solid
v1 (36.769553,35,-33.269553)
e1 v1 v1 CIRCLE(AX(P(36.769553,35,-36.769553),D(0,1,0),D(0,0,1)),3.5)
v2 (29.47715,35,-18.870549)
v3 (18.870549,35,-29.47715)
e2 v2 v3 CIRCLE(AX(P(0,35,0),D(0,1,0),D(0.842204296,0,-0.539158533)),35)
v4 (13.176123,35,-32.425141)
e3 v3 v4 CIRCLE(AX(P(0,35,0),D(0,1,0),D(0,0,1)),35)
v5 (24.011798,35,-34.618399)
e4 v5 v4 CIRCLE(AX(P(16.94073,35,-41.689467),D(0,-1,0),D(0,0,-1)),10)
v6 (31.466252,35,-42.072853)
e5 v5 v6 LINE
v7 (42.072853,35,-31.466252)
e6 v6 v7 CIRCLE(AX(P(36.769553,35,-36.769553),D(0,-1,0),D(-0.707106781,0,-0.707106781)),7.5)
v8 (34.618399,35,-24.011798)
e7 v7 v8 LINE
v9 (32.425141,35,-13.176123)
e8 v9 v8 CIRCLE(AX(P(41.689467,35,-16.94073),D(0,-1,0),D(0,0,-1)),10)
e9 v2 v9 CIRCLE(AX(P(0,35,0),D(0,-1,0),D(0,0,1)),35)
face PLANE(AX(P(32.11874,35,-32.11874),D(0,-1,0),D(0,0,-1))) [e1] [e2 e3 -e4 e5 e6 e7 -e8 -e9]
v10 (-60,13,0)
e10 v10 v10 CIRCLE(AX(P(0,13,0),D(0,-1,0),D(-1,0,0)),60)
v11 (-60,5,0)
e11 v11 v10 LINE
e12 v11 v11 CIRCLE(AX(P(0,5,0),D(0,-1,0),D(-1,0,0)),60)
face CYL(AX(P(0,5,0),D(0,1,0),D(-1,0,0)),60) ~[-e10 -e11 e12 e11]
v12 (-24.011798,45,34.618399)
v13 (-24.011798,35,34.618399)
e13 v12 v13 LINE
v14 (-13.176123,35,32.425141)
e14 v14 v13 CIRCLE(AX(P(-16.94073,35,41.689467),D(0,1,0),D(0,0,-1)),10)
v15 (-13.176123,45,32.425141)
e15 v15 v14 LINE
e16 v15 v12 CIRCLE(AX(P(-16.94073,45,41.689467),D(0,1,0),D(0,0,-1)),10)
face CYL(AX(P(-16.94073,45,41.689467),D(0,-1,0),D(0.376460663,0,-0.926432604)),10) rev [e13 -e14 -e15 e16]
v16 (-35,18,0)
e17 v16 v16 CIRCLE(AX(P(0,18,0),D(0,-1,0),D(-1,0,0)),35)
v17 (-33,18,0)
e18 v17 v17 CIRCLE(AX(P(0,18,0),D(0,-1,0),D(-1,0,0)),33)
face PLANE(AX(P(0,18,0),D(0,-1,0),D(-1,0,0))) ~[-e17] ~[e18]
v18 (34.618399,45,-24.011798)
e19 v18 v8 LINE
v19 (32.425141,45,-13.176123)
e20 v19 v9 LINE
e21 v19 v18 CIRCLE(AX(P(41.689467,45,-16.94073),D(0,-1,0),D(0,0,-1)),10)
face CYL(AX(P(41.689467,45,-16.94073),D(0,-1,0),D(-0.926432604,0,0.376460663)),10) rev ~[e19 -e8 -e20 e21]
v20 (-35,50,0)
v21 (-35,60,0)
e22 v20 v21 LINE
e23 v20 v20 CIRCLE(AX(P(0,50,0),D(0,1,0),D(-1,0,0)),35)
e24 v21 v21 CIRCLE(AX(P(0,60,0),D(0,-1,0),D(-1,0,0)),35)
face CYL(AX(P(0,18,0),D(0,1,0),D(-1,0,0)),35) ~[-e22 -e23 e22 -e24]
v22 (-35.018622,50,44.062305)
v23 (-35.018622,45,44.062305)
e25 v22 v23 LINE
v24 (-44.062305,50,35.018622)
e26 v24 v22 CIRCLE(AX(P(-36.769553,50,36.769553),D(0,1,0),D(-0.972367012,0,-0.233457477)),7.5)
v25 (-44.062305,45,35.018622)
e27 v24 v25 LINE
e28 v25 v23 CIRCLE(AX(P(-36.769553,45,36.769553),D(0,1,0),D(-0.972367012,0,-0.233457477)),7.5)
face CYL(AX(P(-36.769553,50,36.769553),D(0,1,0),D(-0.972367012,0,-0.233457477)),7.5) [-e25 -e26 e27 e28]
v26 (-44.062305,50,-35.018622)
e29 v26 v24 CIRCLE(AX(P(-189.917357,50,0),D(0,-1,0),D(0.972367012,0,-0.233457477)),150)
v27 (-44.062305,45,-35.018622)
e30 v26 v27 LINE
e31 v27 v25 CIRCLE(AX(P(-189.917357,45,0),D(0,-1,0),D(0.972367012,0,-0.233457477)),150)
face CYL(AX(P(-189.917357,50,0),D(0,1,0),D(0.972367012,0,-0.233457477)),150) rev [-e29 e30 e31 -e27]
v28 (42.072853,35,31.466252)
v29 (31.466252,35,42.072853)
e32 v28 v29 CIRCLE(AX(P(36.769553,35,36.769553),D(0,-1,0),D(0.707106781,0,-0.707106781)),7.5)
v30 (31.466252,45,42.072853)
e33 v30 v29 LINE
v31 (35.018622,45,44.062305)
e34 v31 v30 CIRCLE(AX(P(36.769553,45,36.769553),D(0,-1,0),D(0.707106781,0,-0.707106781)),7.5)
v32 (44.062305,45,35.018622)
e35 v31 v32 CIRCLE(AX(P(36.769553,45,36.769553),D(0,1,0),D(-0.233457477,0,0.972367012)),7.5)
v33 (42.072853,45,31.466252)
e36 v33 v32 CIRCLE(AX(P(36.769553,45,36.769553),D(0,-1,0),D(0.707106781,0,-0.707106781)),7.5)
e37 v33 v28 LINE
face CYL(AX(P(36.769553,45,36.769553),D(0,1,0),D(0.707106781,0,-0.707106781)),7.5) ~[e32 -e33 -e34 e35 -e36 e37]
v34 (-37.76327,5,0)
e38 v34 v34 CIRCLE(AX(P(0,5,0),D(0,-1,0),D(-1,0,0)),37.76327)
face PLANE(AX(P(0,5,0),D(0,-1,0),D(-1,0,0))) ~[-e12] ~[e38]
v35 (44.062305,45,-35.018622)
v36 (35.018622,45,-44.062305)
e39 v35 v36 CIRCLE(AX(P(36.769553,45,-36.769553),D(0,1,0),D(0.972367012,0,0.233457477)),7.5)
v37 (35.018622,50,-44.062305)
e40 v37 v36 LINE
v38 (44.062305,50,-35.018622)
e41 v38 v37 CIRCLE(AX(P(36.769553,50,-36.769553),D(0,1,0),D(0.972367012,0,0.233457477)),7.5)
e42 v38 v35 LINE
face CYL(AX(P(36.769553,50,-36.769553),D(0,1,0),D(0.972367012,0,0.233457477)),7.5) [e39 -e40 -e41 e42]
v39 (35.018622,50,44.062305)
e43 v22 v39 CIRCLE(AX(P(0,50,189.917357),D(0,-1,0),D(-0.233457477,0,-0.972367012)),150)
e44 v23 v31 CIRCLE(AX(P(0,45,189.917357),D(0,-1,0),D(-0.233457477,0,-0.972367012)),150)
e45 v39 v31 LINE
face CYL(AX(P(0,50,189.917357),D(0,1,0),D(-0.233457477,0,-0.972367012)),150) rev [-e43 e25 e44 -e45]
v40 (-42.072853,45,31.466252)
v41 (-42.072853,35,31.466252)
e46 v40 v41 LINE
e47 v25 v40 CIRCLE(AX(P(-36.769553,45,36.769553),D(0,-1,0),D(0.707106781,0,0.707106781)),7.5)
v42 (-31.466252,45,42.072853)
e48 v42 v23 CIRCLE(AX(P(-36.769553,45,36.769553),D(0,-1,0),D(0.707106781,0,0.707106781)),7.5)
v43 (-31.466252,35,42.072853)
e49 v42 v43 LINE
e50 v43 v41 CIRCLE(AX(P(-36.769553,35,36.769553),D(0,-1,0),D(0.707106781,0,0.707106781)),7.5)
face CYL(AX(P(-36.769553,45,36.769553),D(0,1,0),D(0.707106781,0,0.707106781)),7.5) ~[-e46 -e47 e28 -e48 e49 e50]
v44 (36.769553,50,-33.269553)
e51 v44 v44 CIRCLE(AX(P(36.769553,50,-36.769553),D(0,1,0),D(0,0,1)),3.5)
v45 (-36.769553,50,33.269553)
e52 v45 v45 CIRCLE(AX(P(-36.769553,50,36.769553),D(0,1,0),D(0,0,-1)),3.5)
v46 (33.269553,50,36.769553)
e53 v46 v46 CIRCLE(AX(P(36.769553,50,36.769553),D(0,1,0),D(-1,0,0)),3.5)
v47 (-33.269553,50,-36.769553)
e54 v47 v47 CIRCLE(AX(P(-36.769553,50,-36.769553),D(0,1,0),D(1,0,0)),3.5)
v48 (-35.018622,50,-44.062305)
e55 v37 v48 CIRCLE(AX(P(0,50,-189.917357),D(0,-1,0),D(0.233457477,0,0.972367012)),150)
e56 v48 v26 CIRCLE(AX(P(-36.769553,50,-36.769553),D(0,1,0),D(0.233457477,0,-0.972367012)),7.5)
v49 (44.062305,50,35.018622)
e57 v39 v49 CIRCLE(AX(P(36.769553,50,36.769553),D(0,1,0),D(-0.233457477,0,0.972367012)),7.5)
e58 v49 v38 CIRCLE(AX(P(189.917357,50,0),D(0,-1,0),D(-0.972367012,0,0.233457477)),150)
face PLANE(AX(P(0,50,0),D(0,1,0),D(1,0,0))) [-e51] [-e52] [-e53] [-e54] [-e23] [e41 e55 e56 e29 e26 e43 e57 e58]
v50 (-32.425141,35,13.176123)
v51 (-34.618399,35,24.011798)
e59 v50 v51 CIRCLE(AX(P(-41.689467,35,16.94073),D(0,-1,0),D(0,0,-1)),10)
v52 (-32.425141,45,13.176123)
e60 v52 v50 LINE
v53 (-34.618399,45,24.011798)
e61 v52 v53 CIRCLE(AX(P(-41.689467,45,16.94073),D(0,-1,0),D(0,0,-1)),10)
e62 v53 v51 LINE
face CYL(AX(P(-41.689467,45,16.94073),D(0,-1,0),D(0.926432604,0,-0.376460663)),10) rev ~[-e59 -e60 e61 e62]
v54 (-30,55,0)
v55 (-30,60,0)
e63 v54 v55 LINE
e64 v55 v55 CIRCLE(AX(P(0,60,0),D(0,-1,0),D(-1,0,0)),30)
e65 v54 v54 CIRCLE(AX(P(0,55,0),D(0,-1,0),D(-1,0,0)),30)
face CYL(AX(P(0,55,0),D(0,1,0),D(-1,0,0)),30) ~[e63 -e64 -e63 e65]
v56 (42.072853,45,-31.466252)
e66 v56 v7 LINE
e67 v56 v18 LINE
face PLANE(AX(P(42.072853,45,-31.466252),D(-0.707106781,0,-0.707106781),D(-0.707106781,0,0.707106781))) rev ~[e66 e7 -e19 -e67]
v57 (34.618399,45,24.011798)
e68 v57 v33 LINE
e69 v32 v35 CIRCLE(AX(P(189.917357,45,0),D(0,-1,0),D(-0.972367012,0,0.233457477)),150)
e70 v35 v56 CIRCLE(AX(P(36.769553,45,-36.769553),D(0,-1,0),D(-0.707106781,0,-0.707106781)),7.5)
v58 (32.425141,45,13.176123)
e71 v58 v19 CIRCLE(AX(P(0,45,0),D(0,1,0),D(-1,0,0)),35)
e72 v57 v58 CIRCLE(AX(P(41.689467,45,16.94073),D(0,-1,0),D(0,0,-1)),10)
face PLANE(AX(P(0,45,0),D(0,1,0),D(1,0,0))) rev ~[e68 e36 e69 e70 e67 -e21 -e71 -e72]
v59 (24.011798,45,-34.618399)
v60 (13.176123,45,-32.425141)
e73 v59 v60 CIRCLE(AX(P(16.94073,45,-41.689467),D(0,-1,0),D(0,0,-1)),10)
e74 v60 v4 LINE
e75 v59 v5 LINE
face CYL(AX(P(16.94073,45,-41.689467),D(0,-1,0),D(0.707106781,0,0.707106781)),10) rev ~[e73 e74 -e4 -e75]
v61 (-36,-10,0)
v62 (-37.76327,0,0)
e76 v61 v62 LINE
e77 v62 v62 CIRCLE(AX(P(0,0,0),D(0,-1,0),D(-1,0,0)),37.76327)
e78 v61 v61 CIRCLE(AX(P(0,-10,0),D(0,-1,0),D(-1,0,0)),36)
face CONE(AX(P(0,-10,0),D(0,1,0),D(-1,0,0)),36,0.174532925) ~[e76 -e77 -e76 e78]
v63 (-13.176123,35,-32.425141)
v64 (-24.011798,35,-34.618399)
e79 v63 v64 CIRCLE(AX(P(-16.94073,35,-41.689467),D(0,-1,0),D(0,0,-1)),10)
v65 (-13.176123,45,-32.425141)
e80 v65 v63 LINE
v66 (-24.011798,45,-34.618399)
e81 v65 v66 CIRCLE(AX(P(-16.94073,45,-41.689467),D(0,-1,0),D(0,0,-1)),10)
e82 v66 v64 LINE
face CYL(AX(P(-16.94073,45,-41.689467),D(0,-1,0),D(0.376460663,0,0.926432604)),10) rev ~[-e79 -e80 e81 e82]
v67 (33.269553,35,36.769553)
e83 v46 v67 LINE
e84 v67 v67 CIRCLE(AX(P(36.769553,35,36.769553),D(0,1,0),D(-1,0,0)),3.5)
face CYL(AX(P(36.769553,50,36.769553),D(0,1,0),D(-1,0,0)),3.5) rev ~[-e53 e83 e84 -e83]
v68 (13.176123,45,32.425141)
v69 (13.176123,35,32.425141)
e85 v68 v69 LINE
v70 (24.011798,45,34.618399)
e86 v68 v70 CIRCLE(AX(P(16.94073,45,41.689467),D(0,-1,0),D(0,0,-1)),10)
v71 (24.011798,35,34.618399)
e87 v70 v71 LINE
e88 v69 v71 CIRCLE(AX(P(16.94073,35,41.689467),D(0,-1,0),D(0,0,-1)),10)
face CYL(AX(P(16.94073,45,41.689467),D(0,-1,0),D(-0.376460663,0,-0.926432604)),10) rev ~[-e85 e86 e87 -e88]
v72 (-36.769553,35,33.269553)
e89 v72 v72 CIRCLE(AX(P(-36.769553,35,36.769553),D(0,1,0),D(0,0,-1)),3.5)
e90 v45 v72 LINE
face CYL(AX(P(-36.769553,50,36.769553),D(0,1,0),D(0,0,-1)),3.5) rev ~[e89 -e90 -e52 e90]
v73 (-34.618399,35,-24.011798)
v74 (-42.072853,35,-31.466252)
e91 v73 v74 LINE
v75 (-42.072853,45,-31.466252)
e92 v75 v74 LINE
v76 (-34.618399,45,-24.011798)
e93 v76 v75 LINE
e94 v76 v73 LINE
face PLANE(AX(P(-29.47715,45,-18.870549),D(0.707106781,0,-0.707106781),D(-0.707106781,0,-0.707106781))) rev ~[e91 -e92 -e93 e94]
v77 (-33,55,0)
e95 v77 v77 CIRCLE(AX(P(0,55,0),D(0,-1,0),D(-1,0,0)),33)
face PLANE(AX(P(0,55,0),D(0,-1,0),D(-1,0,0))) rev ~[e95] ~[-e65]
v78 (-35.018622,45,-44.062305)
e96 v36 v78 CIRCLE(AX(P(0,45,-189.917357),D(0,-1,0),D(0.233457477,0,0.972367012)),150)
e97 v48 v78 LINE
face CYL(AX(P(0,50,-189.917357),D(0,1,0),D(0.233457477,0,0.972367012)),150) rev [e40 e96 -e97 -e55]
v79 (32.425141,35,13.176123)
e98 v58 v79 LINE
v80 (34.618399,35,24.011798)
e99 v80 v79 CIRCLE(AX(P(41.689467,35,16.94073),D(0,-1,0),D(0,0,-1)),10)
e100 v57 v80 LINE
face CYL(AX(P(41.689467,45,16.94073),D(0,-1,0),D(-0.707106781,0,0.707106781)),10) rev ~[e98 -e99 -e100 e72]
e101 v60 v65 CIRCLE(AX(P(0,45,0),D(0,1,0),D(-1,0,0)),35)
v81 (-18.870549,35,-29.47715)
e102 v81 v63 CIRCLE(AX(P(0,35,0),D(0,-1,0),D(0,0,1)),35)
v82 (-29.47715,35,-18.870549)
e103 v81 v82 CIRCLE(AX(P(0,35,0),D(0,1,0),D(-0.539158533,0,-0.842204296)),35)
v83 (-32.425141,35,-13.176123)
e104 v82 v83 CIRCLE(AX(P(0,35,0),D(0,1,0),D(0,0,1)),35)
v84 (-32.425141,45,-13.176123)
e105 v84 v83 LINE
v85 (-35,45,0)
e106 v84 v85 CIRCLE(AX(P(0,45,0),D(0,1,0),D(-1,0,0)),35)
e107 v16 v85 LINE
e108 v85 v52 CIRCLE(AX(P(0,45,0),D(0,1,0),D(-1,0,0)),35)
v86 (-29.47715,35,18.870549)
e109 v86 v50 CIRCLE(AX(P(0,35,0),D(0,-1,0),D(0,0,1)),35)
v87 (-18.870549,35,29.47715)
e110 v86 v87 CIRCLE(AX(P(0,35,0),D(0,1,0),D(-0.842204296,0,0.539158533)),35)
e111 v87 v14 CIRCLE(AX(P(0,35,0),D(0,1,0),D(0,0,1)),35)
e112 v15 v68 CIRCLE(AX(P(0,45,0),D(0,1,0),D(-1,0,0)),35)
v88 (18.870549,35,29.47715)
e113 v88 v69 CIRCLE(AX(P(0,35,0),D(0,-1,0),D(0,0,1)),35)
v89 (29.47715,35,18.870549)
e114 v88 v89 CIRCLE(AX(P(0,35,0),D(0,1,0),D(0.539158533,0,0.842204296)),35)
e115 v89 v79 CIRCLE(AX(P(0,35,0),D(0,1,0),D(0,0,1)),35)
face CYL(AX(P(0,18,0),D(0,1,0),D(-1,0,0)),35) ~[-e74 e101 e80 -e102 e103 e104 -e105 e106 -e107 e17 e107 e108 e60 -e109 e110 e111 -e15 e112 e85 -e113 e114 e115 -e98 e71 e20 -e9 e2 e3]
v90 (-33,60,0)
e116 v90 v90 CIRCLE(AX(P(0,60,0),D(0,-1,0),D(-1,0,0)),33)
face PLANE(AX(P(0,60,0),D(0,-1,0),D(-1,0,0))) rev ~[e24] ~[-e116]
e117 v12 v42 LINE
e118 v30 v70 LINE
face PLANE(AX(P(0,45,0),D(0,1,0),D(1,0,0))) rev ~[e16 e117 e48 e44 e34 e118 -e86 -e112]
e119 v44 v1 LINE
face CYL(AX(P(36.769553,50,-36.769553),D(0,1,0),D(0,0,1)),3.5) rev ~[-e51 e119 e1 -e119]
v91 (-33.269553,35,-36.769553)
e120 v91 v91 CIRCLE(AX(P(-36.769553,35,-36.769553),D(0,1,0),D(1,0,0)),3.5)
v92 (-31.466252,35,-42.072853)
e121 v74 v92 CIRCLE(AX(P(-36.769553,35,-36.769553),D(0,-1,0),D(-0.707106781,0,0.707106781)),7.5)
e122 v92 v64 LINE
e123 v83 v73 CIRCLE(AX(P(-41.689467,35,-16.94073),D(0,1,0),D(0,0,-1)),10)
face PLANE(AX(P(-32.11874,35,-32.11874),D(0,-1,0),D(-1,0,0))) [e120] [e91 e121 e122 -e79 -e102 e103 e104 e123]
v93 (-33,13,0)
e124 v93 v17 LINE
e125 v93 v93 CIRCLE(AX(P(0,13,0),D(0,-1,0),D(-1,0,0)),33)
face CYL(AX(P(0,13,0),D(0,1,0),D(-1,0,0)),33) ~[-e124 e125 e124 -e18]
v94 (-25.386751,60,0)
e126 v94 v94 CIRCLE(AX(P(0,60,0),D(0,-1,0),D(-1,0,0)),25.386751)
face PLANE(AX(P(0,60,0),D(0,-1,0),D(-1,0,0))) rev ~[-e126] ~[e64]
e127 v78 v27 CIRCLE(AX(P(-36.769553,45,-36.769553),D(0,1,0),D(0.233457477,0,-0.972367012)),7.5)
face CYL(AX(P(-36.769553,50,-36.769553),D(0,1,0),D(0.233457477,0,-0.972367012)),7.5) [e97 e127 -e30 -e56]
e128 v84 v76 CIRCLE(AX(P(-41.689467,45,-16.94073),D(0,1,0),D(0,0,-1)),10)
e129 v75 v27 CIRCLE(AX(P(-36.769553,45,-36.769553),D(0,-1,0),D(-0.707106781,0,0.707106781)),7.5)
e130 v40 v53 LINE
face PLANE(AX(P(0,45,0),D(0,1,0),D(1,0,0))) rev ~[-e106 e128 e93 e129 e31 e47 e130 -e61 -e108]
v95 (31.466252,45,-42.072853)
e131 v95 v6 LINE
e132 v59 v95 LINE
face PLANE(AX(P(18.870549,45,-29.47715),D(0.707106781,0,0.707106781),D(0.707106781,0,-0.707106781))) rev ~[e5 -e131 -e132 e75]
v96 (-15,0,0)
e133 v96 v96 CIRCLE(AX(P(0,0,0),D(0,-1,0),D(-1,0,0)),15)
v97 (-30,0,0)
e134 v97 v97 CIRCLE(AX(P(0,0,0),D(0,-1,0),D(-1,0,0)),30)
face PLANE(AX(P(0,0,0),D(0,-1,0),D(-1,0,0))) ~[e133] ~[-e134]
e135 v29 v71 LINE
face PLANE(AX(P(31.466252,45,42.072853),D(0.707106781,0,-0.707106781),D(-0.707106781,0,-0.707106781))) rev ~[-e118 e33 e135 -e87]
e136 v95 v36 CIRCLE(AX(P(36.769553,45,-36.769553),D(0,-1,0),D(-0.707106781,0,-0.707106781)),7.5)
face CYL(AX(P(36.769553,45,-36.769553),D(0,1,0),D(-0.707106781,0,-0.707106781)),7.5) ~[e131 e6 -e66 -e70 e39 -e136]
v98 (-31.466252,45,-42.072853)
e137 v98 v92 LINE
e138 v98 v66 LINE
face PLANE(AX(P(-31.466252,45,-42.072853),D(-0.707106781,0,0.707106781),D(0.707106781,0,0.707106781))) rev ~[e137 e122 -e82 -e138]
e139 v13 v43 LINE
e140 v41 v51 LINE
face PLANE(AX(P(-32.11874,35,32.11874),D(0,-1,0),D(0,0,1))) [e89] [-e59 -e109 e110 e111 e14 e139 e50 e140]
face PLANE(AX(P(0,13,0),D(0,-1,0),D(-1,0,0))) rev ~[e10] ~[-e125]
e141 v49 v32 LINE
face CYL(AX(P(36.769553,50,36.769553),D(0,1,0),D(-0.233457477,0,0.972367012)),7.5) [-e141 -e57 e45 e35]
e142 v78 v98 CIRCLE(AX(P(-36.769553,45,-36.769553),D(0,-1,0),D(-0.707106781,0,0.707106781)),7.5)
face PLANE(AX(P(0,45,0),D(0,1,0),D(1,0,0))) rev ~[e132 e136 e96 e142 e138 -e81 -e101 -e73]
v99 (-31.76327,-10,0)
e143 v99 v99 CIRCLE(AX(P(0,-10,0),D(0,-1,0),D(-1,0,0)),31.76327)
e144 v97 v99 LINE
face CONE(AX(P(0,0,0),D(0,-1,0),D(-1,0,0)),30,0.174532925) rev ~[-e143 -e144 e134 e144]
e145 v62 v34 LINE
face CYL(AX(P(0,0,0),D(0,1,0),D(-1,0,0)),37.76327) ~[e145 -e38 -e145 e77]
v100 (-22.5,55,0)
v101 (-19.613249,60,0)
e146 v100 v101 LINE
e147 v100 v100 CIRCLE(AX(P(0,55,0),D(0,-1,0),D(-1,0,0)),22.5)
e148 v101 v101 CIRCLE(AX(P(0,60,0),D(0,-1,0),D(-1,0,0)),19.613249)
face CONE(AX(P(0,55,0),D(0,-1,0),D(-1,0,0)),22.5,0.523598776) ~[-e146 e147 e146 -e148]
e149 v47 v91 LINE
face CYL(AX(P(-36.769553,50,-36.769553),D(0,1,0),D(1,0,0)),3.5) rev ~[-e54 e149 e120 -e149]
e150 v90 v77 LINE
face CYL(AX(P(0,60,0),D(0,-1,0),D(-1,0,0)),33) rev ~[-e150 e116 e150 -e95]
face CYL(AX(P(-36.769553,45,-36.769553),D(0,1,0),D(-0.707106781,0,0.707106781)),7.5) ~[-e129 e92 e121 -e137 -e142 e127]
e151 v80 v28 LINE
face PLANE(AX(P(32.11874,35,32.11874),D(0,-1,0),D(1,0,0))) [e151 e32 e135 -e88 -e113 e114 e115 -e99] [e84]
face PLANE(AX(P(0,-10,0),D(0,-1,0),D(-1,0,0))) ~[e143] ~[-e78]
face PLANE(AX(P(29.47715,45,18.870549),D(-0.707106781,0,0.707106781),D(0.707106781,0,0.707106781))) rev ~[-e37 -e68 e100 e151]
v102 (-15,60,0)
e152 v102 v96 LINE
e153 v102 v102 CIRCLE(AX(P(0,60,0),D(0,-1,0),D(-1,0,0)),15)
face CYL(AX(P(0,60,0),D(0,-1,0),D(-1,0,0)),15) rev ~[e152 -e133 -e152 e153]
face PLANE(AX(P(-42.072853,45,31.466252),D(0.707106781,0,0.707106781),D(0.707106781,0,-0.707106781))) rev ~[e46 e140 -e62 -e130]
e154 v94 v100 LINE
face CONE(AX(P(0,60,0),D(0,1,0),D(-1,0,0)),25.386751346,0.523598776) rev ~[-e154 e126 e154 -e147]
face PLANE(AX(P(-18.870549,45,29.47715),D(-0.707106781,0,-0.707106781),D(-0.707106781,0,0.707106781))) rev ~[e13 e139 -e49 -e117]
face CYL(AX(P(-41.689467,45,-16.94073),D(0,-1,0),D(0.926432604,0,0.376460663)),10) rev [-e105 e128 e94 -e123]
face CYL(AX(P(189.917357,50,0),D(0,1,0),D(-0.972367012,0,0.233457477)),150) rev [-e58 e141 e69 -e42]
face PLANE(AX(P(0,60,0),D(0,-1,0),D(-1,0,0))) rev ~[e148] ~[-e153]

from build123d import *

# Parameters (mm, degrees)
SKETCH3_R                = 35
BOSS_EXTRUDE1_DEPTH      = 5
BOSS_EXTRUDE3_DEPTH      = 10
FILLET1_R                = 10
SKETCH5_R                = 3.5
CUT_EXTRUDE1_DEPTH       = 15
CIRPATTERN1_COUNT        = 4
FILLET1_OF_CIRPATTERN1_R = 10


with BuildPart() as part:
    # Sketch1 → Revolve1 (revolve)
    with BuildSketch(Plane.XY, mode=Mode.PRIVATE) as revolve1_sk:
        Polygon((15, 60), (15, 0), (30, 0), (31.763269807, -10), (36, -10), (37.763269807, 0), (37.763269807, 5), (60, 5), (60, 13), (33, 13), (33, 18), (35, 18), (35, 60), (33, 60), (33, 55), (30, 55), (30, 60), (25.386751346, 60), (22.5, 55), (19.613248654, 60), align=None)
    revolve(revolve1_sk.sketch.rotate(Axis((0, 25.612491422, 0), (0, -1, 0)), 180), axis=Axis((0, 25.612491422, 0), (0, -1, 0)))  # turned: the seam where the file's is

    # Sketch3 → Boss-Extrude1 (add)
    with BuildSketch(Plane(origin=(0, 50, 0), x_dir=(1, 0, 0), z_dir=(0, 1, 0))):
        with BuildLine():
            ThreePointArc((44.062305213, 35.018621544), (42.072853481, 42.072853481), (35.018621544, 44.062305213))
            ThreePointArc((35.018621544, 44.062305213), (0, 39.917357046), (-35.018621544, 44.062305213))
            ThreePointArc((-35.018621544, 44.062305213), (-42.072853481, 42.072853481), (-44.062305213, 35.018621544))
            ThreePointArc((-44.062305213, 35.018621544), (-39.917357046, 0), (-44.062305213, -35.018621544))
            ThreePointArc((-44.062305213, -35.018621544), (-42.072853481, -42.072853481), (-35.018621544, -44.062305213))
            ThreePointArc((-35.018621544, -44.062305213), (0, -39.917357046), (35.018621544, -44.062305213))
            ThreePointArc((35.018621544, -44.062305213), (42.072853481, -42.072853481), (44.062305213, -35.018621544))
            ThreePointArc((44.062305213, -35.018621544), (39.917357046, 0), (44.062305213, 35.018621544))
        make_face()
        with Locations(Location((0, 0, 0), (0, 0, 180))):  # turned: the seam where the file's is
            Circle(SKETCH3_R, mode=Mode.SUBTRACT)
    extrude(amount=-BOSS_EXTRUDE1_DEPTH)

    # Sketch4 → Boss-Extrude3 (add)
    with BuildSketch(Plane.XZ.offset(-45)):
        with BuildLine():
            Line((29.477150366, 18.870548648), (42.072853481, 31.466251763))
            ThreePointArc((42.072853481, 31.466251763), (42.072853481, 42.072853481), (31.466251763, 42.072853481))
            Line((31.466251763, 42.072853481), (18.870548648, 29.477150366))
            ThreePointArc((18.870548648, 29.477150366), (24.748737342, 24.748737342), (29.477150366, 18.870548648))
        make_face()
    boss_extrude3 = extrude(amount=BOSS_EXTRUDE3_DEPTH)

    # Fillet1
    fillet1_edges = [part.edges().sort_by_distance(p)[0] for p in [
        (18.870548648, 40, 29.477150366),
        (29.477150366, 40, 18.870548648),
    ]]
    fillet(fillet1_edges, radius=FILLET1_R)

    # Sketch5 → Cut-Extrude1 (cut)
    with BuildSketch(Plane(origin=(0, 50, 0), x_dir=(1, 0, 0), z_dir=(0, 1, 0))):
        with Locations(Location((36.769552622, -36.769552622, 0), (0, 0, 180))):  # turned: the seam where the file's is
            Circle(SKETCH5_R)
    cut_extrude1 = extrude(amount=-CUT_EXTRUDE1_DEPTH, mode=Mode.SUBTRACT)

    # CirPattern1: Boss-Extrude3, Cut-Extrude1 ×4 about axis
    cirpattern1_axis = Axis((0, 0, 0), (0, 1, 0))
    add([boss_extrude3.rotate(cirpattern1_axis, i * 360 / CIRPATTERN1_COUNT) for i in range(1, CIRPATTERN1_COUNT)])
    add([cut_extrude1.rotate(cirpattern1_axis, i * 360 / CIRPATTERN1_COUNT) for i in range(1, CIRPATTERN1_COUNT)], mode=Mode.SUBTRACT)

    # Fillet1 of CirPattern1
    fillet1_of_cirpattern1_edges = [part.edges().sort_by_distance(p)[0] for p in [
        (29.477150366, 40, -18.870548648),
        (18.870548648, 40, -29.477150366),
        (-18.870548648, 40, -29.477150366),
        (-29.477150366, 40, -18.870548648),
        (-29.477150366, 40, 18.870548648),
        (-18.870548648, 40, 29.477150366),
    ]]
    fillet(fillet1_of_cirpattern1_edges, radius=FILLET1_OF_CIRPATTERN1_R)


solid = part.part
